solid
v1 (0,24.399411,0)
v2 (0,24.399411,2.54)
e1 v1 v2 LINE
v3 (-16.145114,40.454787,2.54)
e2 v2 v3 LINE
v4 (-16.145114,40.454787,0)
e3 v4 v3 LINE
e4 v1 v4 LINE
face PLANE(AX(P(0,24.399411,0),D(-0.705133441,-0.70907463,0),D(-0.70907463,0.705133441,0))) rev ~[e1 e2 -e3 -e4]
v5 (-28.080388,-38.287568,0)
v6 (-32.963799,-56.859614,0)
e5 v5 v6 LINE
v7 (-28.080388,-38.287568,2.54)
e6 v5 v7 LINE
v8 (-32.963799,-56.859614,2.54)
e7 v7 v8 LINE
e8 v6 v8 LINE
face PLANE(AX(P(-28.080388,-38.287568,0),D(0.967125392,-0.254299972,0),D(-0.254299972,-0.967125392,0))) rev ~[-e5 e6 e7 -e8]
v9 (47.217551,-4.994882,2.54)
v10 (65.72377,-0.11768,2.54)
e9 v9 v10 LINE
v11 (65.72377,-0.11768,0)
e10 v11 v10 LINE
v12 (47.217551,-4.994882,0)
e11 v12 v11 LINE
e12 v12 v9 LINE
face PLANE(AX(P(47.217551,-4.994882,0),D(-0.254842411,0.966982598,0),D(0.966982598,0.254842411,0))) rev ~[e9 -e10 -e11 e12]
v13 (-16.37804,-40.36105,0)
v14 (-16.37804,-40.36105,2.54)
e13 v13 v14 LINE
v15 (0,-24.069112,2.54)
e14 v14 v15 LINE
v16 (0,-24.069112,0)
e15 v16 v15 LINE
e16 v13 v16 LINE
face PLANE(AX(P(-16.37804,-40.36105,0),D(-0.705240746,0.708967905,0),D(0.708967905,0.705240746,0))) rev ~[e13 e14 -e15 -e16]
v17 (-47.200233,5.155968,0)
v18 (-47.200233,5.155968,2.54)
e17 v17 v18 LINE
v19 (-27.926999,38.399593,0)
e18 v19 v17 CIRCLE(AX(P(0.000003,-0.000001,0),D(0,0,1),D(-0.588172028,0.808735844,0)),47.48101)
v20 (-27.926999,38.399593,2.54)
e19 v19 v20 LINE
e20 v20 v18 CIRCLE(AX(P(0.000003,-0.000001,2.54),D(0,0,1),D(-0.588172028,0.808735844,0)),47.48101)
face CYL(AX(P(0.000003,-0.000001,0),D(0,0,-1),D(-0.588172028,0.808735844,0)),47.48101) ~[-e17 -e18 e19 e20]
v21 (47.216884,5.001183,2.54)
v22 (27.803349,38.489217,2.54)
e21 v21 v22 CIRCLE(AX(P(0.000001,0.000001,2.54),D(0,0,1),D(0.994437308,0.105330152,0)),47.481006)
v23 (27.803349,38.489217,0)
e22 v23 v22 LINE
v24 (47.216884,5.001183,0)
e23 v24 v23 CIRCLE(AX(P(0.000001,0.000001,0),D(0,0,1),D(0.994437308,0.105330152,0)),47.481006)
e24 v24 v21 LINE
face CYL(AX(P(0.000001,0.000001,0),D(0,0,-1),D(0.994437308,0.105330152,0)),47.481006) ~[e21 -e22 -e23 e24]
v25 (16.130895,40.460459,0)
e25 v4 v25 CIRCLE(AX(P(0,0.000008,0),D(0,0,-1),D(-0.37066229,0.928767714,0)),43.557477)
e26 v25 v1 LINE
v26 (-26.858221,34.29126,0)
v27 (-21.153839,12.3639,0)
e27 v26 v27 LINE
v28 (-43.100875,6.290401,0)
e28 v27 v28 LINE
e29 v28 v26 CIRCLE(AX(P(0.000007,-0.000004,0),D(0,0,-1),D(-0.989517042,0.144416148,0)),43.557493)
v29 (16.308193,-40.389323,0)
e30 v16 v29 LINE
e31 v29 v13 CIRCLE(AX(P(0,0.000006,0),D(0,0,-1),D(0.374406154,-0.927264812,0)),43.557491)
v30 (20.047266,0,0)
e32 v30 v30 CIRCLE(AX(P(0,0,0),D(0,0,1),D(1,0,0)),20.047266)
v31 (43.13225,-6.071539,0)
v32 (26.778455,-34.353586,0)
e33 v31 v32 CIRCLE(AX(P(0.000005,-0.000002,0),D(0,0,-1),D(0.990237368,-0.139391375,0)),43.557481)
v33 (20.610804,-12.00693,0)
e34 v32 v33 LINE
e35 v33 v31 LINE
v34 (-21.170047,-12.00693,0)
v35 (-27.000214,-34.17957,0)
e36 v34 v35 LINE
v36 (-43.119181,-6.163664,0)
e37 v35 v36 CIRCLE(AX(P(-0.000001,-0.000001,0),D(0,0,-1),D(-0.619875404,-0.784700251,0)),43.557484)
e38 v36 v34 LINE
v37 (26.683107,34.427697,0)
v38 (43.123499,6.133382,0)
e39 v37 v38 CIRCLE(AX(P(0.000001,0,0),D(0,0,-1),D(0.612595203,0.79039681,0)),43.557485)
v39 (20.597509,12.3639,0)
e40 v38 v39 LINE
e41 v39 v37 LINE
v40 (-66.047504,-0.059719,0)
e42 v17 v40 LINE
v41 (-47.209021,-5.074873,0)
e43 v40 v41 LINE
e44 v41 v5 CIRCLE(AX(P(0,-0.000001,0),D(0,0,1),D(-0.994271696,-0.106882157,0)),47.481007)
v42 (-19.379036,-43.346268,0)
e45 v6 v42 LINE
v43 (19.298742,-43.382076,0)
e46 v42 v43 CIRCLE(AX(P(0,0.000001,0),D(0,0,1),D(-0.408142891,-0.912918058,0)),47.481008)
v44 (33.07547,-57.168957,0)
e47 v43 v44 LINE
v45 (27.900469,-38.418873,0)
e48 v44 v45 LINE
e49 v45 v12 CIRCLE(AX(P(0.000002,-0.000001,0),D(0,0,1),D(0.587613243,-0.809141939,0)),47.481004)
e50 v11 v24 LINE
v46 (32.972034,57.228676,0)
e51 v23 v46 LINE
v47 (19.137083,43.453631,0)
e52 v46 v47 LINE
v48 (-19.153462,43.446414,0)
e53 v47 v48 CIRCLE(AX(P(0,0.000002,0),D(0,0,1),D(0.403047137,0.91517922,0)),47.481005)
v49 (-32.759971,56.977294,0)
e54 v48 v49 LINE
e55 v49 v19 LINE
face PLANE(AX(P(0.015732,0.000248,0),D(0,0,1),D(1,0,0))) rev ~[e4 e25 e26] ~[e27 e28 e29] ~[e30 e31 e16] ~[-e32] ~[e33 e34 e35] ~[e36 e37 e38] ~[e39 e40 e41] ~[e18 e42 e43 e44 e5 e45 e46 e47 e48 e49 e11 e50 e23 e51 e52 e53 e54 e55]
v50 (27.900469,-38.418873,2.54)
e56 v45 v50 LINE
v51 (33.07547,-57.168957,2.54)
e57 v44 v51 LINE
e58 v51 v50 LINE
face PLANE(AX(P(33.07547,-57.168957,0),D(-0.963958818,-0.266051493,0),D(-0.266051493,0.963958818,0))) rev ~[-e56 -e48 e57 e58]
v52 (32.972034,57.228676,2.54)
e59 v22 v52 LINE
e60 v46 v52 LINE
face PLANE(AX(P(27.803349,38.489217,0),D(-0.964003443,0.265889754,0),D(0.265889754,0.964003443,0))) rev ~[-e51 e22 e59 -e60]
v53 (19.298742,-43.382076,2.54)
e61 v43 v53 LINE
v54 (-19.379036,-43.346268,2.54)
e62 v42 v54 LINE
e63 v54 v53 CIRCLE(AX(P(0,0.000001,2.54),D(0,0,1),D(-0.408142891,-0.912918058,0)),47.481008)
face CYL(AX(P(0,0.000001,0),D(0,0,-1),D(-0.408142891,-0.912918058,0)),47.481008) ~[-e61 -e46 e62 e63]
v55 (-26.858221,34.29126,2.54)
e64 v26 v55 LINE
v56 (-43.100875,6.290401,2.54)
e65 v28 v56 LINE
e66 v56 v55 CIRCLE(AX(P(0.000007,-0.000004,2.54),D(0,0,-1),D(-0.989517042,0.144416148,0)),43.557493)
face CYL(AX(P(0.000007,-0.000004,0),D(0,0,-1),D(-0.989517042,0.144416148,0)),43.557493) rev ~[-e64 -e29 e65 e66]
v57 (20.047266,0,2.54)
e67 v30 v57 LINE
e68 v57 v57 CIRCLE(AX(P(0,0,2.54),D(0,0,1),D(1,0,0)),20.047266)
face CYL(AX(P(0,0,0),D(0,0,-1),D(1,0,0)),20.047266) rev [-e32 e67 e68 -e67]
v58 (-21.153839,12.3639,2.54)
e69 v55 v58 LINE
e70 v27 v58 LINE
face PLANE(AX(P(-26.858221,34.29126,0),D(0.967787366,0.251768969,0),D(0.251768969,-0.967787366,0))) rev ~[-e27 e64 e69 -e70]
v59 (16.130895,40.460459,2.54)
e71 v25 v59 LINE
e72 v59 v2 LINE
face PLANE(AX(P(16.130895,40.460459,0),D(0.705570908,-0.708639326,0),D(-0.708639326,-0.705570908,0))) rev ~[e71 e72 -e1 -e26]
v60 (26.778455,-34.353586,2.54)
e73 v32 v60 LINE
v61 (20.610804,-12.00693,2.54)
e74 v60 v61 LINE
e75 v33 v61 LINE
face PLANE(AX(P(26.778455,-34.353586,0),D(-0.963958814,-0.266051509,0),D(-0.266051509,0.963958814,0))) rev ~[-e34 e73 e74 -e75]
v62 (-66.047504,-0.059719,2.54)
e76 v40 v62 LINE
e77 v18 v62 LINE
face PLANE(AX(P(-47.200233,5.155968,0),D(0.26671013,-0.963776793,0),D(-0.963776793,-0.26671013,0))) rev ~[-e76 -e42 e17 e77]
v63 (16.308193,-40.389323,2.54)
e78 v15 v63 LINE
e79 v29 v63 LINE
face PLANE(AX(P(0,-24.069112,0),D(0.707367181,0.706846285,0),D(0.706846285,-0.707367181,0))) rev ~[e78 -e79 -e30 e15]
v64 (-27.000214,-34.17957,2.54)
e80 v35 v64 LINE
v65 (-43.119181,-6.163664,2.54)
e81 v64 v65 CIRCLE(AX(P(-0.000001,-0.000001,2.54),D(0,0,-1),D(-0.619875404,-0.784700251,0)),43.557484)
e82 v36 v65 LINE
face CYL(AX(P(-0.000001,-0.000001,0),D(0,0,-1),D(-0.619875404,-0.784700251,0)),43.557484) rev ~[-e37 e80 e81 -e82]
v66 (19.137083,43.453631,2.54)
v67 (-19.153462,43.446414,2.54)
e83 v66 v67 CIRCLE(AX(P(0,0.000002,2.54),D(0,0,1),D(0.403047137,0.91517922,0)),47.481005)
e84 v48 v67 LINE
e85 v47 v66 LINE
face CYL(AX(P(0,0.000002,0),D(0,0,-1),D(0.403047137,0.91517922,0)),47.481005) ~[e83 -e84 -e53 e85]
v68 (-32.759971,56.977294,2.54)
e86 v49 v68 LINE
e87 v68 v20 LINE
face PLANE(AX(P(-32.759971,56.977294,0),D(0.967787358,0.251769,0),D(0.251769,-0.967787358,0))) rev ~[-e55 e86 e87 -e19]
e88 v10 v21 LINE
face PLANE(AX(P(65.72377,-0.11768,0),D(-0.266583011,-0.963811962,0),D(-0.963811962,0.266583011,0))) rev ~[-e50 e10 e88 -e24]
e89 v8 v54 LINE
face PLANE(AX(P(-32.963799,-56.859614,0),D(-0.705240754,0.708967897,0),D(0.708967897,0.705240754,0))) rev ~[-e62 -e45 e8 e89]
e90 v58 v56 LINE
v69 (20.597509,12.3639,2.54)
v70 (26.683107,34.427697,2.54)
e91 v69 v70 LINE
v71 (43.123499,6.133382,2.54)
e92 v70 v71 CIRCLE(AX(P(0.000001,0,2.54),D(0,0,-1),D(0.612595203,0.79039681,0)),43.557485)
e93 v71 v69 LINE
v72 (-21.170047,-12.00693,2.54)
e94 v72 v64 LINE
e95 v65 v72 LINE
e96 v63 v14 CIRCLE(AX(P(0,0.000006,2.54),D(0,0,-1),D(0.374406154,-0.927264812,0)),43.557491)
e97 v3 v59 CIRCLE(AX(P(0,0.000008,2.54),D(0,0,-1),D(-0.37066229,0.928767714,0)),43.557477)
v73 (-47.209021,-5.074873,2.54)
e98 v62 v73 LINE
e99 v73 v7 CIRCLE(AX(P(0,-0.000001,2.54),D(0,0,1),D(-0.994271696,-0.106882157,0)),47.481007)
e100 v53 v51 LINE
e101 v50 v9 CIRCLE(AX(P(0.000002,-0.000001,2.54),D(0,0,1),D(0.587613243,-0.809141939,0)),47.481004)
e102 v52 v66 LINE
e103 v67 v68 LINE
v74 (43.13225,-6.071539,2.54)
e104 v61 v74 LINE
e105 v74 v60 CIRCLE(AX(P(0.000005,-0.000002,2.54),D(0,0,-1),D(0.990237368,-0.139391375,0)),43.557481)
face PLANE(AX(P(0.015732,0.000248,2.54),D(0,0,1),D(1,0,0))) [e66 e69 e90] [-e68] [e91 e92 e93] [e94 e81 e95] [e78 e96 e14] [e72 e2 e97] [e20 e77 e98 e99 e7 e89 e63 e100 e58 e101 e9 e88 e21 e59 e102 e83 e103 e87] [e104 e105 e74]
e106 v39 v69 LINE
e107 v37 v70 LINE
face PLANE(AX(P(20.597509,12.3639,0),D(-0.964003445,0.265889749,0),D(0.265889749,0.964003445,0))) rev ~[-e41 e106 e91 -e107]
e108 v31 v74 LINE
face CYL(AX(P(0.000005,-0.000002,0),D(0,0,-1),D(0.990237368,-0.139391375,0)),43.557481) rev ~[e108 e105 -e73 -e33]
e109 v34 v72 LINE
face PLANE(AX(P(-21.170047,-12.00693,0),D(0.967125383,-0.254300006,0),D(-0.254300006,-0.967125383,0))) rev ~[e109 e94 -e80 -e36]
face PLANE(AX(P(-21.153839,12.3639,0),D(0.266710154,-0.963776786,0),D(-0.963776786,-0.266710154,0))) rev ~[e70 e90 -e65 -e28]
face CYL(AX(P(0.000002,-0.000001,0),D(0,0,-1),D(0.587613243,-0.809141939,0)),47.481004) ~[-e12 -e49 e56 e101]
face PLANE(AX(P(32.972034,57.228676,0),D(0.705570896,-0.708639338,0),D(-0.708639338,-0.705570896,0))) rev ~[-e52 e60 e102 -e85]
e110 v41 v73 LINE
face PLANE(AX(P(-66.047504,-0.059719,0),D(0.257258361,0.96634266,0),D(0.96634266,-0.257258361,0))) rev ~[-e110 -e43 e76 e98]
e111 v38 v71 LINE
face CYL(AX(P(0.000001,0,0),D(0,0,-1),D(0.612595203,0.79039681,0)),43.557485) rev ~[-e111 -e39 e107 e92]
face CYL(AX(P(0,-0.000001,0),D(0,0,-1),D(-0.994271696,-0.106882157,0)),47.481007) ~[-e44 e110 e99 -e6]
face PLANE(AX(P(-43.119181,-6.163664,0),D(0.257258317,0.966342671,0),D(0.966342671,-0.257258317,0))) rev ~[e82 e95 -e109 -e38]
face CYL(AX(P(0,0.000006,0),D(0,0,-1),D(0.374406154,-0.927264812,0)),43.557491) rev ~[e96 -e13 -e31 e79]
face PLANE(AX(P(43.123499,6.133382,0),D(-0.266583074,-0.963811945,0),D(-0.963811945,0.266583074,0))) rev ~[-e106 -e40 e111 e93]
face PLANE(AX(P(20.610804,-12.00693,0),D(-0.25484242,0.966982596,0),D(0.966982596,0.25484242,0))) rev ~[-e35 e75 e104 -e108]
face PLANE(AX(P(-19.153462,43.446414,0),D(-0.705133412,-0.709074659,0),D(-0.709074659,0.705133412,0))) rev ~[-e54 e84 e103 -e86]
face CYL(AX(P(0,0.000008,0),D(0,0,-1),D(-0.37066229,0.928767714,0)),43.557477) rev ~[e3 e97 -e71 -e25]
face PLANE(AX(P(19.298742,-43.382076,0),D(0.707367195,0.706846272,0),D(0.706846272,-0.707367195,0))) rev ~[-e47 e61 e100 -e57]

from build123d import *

# Parameters (mm, degrees)
F0_R     = 20.047266
F1_DEPTH = 2.54


with BuildPart() as f1:
    # F0 (on Top) → F1 (new body)
    with BuildSketch(Plane.XY):
        with BuildLine():
            ThreePointArc((47.216884, 5.001183), (41.077621, 23.813338), (27.803349, 38.489217))
            Line((27.803349, 38.489217), (32.972034, 57.228676))
            Line((32.972034, 57.228676), (19.137083, 43.453631))
            ThreePointArc((19.137083, 43.453631), (-0.008949, 47.481006), (-19.153462, 43.446414))
            Line((-19.153462, 43.446414), (-32.759971, 56.977294))
            Line((-32.759971, 56.977294), (-27.926999, 38.399593))
            ThreePointArc((-27.926999, 38.399593), (-41.076878, 23.814619), (-47.200233, 5.155968))
            Line((-47.200233, 5.155968), (-66.047504, -0.059719))
            Line((-66.047504, -0.059719), (-47.209021, -5.074873))
            ThreePointArc((-47.209021, -5.074873), (-41.1448, -23.697077), (-28.080388, -38.287568))
            Line((-28.080388, -38.287568), (-32.963799, -56.859614))
            Line((-32.963799, -56.859614), (-19.379036, -43.346268))
            ThreePointArc((-19.379036, -43.346268), (-0.043958, -47.480986), (19.298742, -43.382076))
            Line((19.298742, -43.382076), (33.07547, -57.168957))
            Line((33.07547, -57.168957), (27.900469, -38.418873))
            ThreePointArc((27.900469, -38.418873), (41.109245, -23.758703), (47.217551, -4.994882))
            Line((47.217551, -4.994882), (65.72377, -0.11768))
            Line((65.72377, -0.11768), (47.216884, 5.001183))
        make_face()
        with BuildLine():
            Line((-43.119181, -6.163664), (-21.170047, -12.00693))
            Line((-21.170047, -12.00693), (-27.000214, -34.17957))
            ThreePointArc((-27.000214, -34.17957), (-37.754538, -21.722095), (-43.119181, -6.163664))
        make_face(mode=Mode.SUBTRACT)
        with BuildLine():
            Line((-16.37804, -40.36105), (0, -24.069112))
            Line((0, -24.069112), (16.308193, -40.389323))
            ThreePointArc((16.308193, -40.389323), (-0.037676, -43.557469), (-16.37804, -40.36105))
        make_face(mode=Mode.SUBTRACT)
        with BuildLine():
            Line((26.778455, -34.353586), (20.610804, -12.00693))
            Line((20.610804, -12.00693), (43.13225, -6.071539))
            ThreePointArc((43.13225, -6.071539), (37.707363, -21.803884), (26.778455, -34.353586))
        make_face(mode=Mode.SUBTRACT)
        Circle(F0_R, mode=Mode.SUBTRACT)
        with BuildLine():
            Line((-26.858221, 34.29126), (-21.153839, 12.3639))
            Line((-21.153839, 12.3639), (-43.100875, 6.290401))
            ThreePointArc((-43.100875, 6.290401), (-37.677324, 21.855749), (-26.858221, 34.29126))
        make_face(mode=Mode.SUBTRACT)
        with BuildLine():
            Line((43.123499, 6.133382), (20.597509, 12.3639))
            Line((20.597509, 12.3639), (26.683107, 34.427697))
            ThreePointArc((26.683107, 34.427697), (37.661421, 21.883142), (43.123499, 6.133382))
        make_face(mode=Mode.SUBTRACT)
        with BuildLine():
            Line((16.130895, 40.460459), (0, 24.399411))
            Line((0, 24.399411), (-16.145114, 40.454787))
            ThreePointArc((-16.145114, 40.454787), (-0.007654, 43.557485), (16.130895, 40.460459))
        make_face(mode=Mode.SUBTRACT)
    extrude(amount=F1_DEPTH)


solid = f1.part
